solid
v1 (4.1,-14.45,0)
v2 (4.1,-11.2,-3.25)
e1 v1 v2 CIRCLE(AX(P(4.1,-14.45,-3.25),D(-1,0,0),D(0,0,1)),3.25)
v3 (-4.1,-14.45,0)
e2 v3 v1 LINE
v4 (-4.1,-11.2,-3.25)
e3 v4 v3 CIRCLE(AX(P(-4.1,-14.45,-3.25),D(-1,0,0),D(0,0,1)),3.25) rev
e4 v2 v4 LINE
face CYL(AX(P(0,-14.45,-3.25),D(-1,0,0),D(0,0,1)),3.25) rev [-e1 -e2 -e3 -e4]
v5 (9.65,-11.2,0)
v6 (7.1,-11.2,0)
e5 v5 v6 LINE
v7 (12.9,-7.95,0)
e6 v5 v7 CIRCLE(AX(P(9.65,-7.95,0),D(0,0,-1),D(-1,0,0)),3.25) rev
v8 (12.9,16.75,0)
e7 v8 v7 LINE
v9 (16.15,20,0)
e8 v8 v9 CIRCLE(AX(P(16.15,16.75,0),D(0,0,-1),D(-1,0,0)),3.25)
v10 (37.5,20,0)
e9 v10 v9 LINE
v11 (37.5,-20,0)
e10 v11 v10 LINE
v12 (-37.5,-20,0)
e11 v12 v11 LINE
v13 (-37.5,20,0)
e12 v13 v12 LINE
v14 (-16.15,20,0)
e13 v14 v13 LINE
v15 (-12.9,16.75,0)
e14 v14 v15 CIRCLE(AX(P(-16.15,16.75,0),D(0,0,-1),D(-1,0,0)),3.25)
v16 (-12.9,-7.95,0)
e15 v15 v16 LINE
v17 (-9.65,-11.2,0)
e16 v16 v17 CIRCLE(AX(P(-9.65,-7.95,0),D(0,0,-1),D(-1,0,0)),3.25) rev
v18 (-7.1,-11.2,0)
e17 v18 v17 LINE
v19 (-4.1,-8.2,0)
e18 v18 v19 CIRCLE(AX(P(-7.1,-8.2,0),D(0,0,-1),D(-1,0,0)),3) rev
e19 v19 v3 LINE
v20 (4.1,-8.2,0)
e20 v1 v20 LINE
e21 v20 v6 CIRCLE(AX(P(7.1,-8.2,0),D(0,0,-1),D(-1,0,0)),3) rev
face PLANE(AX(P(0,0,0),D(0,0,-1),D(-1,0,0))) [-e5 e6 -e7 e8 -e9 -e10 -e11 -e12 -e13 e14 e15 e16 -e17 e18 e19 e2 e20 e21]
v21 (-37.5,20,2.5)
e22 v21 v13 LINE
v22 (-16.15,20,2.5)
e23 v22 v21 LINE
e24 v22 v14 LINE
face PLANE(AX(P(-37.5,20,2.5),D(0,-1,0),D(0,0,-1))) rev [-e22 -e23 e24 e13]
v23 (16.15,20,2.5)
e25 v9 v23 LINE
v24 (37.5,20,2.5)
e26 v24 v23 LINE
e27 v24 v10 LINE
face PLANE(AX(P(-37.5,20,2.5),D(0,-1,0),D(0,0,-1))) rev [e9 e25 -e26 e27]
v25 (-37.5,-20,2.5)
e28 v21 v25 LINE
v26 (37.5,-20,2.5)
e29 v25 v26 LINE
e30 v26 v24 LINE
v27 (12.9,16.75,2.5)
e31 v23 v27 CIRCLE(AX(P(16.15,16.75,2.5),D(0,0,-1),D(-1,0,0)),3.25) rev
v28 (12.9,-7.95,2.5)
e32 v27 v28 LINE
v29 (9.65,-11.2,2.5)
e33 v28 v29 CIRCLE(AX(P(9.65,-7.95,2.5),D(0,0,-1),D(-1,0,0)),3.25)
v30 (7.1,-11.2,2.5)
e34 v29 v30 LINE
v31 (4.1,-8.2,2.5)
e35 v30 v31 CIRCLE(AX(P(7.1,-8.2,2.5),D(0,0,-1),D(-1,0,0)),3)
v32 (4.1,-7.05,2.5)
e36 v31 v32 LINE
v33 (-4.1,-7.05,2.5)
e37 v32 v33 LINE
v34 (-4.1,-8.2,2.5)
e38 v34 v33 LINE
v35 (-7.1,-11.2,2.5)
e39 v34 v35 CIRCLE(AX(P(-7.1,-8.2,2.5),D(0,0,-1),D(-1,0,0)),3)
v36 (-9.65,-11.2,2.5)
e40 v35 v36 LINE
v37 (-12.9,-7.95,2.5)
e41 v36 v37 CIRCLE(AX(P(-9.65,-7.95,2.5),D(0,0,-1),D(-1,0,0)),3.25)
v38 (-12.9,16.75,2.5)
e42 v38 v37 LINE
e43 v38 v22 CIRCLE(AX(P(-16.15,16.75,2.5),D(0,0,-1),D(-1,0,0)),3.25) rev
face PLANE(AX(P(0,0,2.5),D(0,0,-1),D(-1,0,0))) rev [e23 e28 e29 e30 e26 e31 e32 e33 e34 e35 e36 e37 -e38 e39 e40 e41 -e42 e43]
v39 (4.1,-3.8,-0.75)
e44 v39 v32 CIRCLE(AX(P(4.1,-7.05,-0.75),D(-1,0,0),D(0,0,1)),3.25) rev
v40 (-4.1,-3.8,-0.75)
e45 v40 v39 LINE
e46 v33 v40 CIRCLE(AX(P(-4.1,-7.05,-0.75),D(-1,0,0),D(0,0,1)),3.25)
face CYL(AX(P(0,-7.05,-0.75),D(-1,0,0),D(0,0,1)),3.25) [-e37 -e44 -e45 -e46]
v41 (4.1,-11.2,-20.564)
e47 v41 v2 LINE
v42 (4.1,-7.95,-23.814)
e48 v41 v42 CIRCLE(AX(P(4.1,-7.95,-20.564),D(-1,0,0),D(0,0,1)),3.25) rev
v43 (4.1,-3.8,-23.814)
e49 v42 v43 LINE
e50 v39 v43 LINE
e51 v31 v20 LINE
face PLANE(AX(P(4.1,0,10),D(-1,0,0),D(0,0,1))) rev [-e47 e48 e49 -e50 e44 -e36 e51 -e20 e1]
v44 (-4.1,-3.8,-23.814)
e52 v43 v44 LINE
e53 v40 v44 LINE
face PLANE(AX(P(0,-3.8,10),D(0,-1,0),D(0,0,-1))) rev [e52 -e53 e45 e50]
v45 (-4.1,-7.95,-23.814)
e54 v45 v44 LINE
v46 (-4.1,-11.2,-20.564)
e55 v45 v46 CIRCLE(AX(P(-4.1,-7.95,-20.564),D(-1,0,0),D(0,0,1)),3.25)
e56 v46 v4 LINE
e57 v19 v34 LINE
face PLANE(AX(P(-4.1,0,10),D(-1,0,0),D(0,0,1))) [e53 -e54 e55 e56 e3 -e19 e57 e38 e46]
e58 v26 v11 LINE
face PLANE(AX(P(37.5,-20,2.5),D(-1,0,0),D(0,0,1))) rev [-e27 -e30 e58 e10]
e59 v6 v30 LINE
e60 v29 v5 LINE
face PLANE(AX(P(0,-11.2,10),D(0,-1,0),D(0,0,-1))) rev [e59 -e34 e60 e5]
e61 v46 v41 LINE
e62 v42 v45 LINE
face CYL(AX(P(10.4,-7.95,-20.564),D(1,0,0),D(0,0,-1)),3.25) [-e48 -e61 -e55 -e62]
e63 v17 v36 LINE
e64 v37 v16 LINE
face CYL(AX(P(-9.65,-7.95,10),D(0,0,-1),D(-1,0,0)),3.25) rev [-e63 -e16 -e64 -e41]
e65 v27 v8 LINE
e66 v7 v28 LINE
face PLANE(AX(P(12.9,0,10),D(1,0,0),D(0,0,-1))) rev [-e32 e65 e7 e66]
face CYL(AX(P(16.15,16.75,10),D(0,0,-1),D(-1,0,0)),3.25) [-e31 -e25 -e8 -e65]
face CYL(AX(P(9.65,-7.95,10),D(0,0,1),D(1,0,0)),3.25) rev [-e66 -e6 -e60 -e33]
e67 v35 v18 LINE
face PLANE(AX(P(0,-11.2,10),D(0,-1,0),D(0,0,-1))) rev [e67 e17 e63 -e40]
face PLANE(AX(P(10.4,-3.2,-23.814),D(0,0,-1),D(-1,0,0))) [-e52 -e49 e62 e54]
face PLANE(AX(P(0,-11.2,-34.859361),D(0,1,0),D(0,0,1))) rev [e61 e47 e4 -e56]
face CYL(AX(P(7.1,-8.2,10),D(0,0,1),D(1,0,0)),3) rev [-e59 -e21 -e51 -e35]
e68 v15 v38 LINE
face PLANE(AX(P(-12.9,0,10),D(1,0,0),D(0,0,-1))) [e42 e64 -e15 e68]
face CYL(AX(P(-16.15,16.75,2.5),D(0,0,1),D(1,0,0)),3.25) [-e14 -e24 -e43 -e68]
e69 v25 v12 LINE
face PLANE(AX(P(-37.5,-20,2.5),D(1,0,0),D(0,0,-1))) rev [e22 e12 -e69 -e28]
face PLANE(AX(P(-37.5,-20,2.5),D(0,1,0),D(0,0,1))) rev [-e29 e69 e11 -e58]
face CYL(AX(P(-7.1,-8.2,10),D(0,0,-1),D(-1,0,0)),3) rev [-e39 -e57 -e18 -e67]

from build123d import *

# Parameters (mm, degrees)
SKETCH1_W           = 75
SKETCH1_H           = 40
BOSS_EXTRUDE1_DEPTH = 2.5
CUT_EXTRUDE1_DEPTH  = 10
SKETCH2_3_W         = 8.2
SKETCH2_3_H         = 7.4
BOSS_EXTRUDE2_DEPTH = 23.814
FILLET1_R           = 3.25
FILLET2_R           = 3


with BuildPart() as part:
    # Sketch1 → Boss-Extrude1 (new body)
    with BuildSketch(Plane.XY):
        Rectangle(SKETCH1_W, SKETCH1_H)
    extrude(amount=BOSS_EXTRUDE1_DEPTH)

    # Sketch2 → Cut-Extrude1 (cut)
    with BuildSketch(Plane.XY):
        Polygon((12.9, -11.2), (12.9, 20), (-12.9, 20), (-12.9, -11.2), (-4.1, -11.2), (-4.1, -3.8), (4.1, -3.8), (4.1, -11.2), align=None)
    extrude(amount=CUT_EXTRUDE1_DEPTH, mode=Mode.SUBTRACT)

    # Sketch2<3> → Boss-Extrude2 (add)
    with BuildSketch(Plane.XY):
        with Locations((0, -7.5)):
            Rectangle(SKETCH2_3_W, SKETCH2_3_H)
    extrude(amount=-BOSS_EXTRUDE2_DEPTH)

    # Fillet1
    fillet1_edges = [part.edges().sort_by_distance(p)[0] for p in [
        (-12.9, 20, 1.25),
        (-12.9, -11.2, 1.25),
        (0, -3.8, 2.5),
        (0, -11.2, 0),
        (12.9, -11.2, 1.25),
        (12.9, 20, 1.25),
        (0, -11.2, -23.814),
    ]]
    fillet(fillet1_edges, radius=FILLET1_R)

    # Fillet2
    fillet2_edges = [part.edges().sort_by_distance(p)[0] for p in [
        (-4.1, -11.2, 1.25),
        (4.1, -11.2, 1.25),
    ]]
    fillet(fillet2_edges, radius=FILLET2_R)


solid = part.part
